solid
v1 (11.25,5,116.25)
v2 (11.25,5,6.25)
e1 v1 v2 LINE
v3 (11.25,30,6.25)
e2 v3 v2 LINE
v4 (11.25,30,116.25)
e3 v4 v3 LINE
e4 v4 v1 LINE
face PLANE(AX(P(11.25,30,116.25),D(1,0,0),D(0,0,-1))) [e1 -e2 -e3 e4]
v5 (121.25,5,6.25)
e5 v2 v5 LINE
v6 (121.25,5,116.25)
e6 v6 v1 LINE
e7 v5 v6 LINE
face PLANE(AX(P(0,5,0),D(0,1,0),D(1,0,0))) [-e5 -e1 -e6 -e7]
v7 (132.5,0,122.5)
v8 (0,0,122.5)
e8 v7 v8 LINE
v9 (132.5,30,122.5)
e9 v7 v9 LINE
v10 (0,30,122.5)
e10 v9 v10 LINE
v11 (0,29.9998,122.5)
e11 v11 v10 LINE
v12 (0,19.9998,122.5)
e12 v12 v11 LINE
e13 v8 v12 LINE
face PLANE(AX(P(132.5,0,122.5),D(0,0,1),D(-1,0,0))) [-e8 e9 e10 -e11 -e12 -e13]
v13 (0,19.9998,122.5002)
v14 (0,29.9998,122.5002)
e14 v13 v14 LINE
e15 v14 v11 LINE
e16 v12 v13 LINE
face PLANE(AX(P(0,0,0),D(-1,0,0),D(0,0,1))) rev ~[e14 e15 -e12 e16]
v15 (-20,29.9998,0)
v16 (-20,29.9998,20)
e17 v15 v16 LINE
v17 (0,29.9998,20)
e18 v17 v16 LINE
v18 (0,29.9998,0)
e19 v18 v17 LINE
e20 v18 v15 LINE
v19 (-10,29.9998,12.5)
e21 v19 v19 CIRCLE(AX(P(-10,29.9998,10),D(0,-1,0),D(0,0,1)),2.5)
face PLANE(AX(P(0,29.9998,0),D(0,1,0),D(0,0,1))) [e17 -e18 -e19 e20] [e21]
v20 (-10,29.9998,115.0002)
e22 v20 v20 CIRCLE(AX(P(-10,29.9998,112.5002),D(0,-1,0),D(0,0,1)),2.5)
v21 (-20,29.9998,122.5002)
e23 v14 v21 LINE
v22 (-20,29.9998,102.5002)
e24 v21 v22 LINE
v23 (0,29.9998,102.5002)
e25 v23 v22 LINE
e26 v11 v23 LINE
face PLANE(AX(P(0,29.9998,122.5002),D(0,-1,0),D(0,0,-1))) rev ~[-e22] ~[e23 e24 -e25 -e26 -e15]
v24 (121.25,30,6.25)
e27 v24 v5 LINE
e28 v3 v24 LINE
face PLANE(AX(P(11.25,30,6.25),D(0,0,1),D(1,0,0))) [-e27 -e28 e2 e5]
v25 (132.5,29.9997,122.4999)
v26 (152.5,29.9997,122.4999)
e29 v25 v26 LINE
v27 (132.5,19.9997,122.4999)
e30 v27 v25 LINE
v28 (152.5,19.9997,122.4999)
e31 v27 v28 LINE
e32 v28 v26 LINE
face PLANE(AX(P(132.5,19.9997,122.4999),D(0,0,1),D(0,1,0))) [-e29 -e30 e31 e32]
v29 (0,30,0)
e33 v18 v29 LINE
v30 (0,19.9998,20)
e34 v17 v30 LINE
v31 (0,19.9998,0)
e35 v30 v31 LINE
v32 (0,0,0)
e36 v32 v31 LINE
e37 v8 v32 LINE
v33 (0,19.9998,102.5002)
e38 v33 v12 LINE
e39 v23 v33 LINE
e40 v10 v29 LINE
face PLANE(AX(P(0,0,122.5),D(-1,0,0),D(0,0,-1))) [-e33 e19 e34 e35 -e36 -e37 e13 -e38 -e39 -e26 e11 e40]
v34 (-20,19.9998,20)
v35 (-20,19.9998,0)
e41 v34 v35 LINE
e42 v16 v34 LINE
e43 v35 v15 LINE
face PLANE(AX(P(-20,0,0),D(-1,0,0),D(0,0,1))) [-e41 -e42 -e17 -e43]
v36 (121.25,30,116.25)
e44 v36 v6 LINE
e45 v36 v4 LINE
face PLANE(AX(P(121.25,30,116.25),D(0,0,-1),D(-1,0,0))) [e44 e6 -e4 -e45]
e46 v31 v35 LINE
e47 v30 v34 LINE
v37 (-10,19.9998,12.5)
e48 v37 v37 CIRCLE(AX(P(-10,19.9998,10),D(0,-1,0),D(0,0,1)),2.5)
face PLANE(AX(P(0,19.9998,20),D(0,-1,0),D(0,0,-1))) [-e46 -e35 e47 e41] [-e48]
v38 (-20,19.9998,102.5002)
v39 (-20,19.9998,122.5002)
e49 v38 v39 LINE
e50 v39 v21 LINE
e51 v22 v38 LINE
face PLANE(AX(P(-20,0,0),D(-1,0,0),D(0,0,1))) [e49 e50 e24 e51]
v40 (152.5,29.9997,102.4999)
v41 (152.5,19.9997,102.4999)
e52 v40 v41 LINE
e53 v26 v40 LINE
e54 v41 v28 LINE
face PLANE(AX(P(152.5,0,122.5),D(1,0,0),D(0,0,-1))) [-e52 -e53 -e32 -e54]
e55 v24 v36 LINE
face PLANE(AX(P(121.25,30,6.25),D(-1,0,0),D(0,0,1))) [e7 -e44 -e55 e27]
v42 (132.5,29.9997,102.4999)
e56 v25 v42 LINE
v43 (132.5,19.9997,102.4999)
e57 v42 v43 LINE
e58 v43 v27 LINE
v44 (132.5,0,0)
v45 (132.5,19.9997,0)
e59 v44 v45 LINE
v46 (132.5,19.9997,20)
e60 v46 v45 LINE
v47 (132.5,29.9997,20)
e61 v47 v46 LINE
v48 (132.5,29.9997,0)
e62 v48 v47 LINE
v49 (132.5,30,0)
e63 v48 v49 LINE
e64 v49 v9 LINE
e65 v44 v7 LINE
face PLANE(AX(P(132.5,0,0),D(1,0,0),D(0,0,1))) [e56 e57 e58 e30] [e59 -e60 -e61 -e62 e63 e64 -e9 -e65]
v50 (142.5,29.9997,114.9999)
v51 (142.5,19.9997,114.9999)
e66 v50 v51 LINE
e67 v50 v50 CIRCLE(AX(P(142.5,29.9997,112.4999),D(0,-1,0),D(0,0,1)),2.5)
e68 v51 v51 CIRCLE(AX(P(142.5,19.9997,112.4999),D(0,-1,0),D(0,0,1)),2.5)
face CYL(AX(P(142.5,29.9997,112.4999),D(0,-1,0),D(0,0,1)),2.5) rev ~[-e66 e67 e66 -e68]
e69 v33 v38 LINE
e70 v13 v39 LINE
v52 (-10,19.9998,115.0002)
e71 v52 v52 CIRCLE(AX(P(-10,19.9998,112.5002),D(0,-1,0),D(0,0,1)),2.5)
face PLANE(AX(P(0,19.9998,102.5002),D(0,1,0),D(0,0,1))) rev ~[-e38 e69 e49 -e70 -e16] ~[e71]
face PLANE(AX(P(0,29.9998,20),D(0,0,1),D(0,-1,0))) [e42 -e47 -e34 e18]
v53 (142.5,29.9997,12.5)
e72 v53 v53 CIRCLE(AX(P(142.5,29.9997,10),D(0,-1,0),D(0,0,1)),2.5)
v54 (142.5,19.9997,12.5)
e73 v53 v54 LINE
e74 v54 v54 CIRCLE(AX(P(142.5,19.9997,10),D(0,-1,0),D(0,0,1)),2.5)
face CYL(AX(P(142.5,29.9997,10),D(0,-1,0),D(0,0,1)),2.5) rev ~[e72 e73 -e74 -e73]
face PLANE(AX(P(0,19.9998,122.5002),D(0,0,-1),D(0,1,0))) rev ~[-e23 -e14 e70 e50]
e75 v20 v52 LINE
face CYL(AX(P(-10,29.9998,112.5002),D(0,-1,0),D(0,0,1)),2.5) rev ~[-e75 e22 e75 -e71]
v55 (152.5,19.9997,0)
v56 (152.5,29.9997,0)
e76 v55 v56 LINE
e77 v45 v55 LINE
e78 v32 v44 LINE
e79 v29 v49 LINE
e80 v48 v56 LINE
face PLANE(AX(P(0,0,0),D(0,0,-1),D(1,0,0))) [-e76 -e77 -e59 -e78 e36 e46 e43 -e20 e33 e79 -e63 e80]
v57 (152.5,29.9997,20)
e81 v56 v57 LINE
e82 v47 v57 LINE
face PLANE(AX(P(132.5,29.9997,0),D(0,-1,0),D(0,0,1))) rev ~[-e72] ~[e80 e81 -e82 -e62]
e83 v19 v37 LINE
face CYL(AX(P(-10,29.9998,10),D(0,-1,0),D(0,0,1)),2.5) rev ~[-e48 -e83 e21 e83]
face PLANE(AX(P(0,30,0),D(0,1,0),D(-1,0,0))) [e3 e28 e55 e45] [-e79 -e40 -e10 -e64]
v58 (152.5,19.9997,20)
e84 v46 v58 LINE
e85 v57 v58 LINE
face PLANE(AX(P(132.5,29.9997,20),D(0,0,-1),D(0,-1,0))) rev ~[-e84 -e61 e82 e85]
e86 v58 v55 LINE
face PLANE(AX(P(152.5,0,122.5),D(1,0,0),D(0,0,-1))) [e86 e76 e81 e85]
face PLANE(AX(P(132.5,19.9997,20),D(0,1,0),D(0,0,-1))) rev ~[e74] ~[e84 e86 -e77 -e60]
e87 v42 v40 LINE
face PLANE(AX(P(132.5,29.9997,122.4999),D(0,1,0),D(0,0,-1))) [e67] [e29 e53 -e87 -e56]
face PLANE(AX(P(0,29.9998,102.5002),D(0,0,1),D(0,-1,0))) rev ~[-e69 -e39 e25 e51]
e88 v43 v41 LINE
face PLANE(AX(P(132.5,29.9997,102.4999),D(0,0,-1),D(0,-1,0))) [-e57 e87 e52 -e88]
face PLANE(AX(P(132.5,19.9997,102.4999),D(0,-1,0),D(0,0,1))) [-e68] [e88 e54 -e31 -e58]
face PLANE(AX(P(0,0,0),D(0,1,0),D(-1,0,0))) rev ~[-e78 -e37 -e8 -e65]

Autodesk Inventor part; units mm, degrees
ref_plane "YZ Plane" through (0, 0, 0) normal (1, 0, 0) x (0, 1, 0)
ref_plane "XZ Plane" through (0, 0, 0) normal (0, 1, 0) x (-1, 0, 0)
ref_plane "XY Plane" through (0, 0, 0) normal (0, 0, 1) x (1, 0, 0)
sketch "Skizze1" plane through (0, 0, 0) normal (0, 1, 0) x (-1, 0, 0)
  line L0 (0, 0) -> (-132.5, 0)
  line L1 (-132.5, 0) -> (-132.5, 122.5)
  line L2 (-132.5, 122.5) -> (0, 122.5)
  line L3 (0, 122.5) -> (0, 0)
  dimension "d0" = 132.5
  dimension "d1" = 122.5
extrude "Extrusion1" add sketch "Skizze1" along normal blind 30
sketch "Skizze2" plane through (0, 30, 0) normal (0, 1, 0) x (1, 0, 0)
  line L0 (0, 0) -> (11.25, 0)
  line L1 (11.25, 0) -> (11.25, -6.25)
  line L2 (11.25, -6.25) -> (121.25, -6.25)
  line L3 (121.25, -6.25) -> (121.25, -116.25)
  line L4 (121.25, -116.25) -> (11.25, -116.25)
  line L5 (11.25, -116.25) -> (11.25, -6.25)
  dimension "d4" = 11.25
  dimension "d5" = 6.25
  dimension "d6" = 110
  dimension "d7" = 110
extrude "Extrusion2" cut sketch "Skizze2" against normal blind 25
sketch "Skizze3" plane through (0, 0, 0) normal (-1, 0, 0) x (0, 0, 1)
  line L0 (0, 29.9998) -> (20, 29.9998)
  line L1 (20, 29.9998) -> (20, 19.9998)
  line L2 (20, 19.9998) -> (0, 19.9998)
  line L3 (0, 19.9998) -> (0, 29.9998)
  line L4 (122.5002, 29.9998) -> (102.5002, 29.9998)
  line L5 (102.5002, 29.9998) -> (102.5002, 19.9998)
  line L6 (102.5002, 19.9998) -> (122.5002, 19.9998)
  line L7 (122.5002, 19.9998) -> (122.5002, 29.9998)
  point P0 (0, 0)
  dimension "d10" = 20
  dimension "d11" = 10
  dimension "d12" = 20
  dimension "d13" = 10
extrude "Extrusion3" add sketch "Skizze3" along normal blind 20
sketch "Skizze4" plane through (132.5, 0, 122.5) normal (1, 0, 0) x (0, 0, -1)
  line L0 (0.0001, 29.9997) -> (20.0001, 29.9997)
  line L1 (20.0001, 29.9997) -> (20.0001, 19.9997)
  line L2 (20.0001, 19.9997) -> (0.0001, 19.9997)
  line L3 (0.0001, 19.9997) -> (0.0001, 29.9997)
  line L4 (122.5, 29.9997) -> (102.5, 29.9997)
  line L5 (102.5, 29.9997) -> (102.5, 19.9997)
  line L6 (102.5, 19.9997) -> (122.5, 19.9997)
  line L7 (122.5, 19.9997) -> (122.5, 29.9997)
  point P0 (122.5, 0)
  dimension "d16" = 20
  dimension "d17" = 10
  dimension "d18" = 20
  dimension "d19" = 10
extrude "Extrusion4" add sketch "Skizze4" along normal blind 20
sketch "Skizze5" plane through (0, 29.9998, 122.5) normal (0, 1, 0) x (1, 0, 0)
  line L0 (0, 19.9998) -> (-20, 19.9998) projected
  line L1 (-20, -0.0002) -> (-20, 19.9998) projected
  point P0 (0, 122.5)
  point P1 (-10, 9.9998)
  dimension "d22" = 10
  dimension "d23" = 10
hole "Bohrung1" at (-10, 29.9998, 112.5002) direction (0, -1, 0) diameter 5 end through all
sketch "Skizze6" plane through (0, 29.9998, 20) normal (0, 1, 0) x (1, 0, 0)
  line L0 (0, 20) -> (-20, 20) projected
  line L1 (-20, 0) -> (-20, 20) projected
  point P0 (-10, 10)
  dimension "d31" = 10
  dimension "d32" = 10
hole "Bohrung2" at (-10, 29.9998, 10) direction (0, -1, 0) diameter 5 end through all
sketch "Skizze7" plane through (132.5, 29.9997, 122.4999) normal (0, 1, 0) x (1, 0, 0)
  line L0 (0, 20) -> (20, 20) projected
  line L1 (20, 20) -> (20, 0) projected
  point P0 (-132.5, 122.4999)
  point P1 (10, 10)
  dimension "d40" = 10
  dimension "d41" = 10
hole "Bohrung3" at (142.5, 29.9997, 112.4999) direction (0, -1, 0) diameter 5 end through all
sketch "Skizze8" plane through (132.5, 29.9997, 20) normal (0, 1, 0) x (1, 0, 0)
  line L0 (0, 20) -> (20, 20) projected
  line L1 (20, 20) -> (20, 0) projected
  point P0 (-132.5, 20)
  point P1 (10, 10)
  dimension "d49" = 10
  dimension "d50" = 10
hole "Bohrung4" at (142.5, 29.9997, 10) direction (0, -1, 0) diameter 5 end through all
thread "Gewinde1" size "M5x0.8" class "6H" standard "ANSI Metric M Profile" full length
thread "Gewinde2" size "M5x0.8" class "6H" standard "ANSI Metric M Profile" full length
thread "Gewinde3" size "M5x0.8" class "6H" standard "ANSI Metric M Profile" full length
thread "Gewinde4" size "M5x0.8" class "6H" standard "ANSI Metric M Profile" full length
properties part number "Oberteil"
